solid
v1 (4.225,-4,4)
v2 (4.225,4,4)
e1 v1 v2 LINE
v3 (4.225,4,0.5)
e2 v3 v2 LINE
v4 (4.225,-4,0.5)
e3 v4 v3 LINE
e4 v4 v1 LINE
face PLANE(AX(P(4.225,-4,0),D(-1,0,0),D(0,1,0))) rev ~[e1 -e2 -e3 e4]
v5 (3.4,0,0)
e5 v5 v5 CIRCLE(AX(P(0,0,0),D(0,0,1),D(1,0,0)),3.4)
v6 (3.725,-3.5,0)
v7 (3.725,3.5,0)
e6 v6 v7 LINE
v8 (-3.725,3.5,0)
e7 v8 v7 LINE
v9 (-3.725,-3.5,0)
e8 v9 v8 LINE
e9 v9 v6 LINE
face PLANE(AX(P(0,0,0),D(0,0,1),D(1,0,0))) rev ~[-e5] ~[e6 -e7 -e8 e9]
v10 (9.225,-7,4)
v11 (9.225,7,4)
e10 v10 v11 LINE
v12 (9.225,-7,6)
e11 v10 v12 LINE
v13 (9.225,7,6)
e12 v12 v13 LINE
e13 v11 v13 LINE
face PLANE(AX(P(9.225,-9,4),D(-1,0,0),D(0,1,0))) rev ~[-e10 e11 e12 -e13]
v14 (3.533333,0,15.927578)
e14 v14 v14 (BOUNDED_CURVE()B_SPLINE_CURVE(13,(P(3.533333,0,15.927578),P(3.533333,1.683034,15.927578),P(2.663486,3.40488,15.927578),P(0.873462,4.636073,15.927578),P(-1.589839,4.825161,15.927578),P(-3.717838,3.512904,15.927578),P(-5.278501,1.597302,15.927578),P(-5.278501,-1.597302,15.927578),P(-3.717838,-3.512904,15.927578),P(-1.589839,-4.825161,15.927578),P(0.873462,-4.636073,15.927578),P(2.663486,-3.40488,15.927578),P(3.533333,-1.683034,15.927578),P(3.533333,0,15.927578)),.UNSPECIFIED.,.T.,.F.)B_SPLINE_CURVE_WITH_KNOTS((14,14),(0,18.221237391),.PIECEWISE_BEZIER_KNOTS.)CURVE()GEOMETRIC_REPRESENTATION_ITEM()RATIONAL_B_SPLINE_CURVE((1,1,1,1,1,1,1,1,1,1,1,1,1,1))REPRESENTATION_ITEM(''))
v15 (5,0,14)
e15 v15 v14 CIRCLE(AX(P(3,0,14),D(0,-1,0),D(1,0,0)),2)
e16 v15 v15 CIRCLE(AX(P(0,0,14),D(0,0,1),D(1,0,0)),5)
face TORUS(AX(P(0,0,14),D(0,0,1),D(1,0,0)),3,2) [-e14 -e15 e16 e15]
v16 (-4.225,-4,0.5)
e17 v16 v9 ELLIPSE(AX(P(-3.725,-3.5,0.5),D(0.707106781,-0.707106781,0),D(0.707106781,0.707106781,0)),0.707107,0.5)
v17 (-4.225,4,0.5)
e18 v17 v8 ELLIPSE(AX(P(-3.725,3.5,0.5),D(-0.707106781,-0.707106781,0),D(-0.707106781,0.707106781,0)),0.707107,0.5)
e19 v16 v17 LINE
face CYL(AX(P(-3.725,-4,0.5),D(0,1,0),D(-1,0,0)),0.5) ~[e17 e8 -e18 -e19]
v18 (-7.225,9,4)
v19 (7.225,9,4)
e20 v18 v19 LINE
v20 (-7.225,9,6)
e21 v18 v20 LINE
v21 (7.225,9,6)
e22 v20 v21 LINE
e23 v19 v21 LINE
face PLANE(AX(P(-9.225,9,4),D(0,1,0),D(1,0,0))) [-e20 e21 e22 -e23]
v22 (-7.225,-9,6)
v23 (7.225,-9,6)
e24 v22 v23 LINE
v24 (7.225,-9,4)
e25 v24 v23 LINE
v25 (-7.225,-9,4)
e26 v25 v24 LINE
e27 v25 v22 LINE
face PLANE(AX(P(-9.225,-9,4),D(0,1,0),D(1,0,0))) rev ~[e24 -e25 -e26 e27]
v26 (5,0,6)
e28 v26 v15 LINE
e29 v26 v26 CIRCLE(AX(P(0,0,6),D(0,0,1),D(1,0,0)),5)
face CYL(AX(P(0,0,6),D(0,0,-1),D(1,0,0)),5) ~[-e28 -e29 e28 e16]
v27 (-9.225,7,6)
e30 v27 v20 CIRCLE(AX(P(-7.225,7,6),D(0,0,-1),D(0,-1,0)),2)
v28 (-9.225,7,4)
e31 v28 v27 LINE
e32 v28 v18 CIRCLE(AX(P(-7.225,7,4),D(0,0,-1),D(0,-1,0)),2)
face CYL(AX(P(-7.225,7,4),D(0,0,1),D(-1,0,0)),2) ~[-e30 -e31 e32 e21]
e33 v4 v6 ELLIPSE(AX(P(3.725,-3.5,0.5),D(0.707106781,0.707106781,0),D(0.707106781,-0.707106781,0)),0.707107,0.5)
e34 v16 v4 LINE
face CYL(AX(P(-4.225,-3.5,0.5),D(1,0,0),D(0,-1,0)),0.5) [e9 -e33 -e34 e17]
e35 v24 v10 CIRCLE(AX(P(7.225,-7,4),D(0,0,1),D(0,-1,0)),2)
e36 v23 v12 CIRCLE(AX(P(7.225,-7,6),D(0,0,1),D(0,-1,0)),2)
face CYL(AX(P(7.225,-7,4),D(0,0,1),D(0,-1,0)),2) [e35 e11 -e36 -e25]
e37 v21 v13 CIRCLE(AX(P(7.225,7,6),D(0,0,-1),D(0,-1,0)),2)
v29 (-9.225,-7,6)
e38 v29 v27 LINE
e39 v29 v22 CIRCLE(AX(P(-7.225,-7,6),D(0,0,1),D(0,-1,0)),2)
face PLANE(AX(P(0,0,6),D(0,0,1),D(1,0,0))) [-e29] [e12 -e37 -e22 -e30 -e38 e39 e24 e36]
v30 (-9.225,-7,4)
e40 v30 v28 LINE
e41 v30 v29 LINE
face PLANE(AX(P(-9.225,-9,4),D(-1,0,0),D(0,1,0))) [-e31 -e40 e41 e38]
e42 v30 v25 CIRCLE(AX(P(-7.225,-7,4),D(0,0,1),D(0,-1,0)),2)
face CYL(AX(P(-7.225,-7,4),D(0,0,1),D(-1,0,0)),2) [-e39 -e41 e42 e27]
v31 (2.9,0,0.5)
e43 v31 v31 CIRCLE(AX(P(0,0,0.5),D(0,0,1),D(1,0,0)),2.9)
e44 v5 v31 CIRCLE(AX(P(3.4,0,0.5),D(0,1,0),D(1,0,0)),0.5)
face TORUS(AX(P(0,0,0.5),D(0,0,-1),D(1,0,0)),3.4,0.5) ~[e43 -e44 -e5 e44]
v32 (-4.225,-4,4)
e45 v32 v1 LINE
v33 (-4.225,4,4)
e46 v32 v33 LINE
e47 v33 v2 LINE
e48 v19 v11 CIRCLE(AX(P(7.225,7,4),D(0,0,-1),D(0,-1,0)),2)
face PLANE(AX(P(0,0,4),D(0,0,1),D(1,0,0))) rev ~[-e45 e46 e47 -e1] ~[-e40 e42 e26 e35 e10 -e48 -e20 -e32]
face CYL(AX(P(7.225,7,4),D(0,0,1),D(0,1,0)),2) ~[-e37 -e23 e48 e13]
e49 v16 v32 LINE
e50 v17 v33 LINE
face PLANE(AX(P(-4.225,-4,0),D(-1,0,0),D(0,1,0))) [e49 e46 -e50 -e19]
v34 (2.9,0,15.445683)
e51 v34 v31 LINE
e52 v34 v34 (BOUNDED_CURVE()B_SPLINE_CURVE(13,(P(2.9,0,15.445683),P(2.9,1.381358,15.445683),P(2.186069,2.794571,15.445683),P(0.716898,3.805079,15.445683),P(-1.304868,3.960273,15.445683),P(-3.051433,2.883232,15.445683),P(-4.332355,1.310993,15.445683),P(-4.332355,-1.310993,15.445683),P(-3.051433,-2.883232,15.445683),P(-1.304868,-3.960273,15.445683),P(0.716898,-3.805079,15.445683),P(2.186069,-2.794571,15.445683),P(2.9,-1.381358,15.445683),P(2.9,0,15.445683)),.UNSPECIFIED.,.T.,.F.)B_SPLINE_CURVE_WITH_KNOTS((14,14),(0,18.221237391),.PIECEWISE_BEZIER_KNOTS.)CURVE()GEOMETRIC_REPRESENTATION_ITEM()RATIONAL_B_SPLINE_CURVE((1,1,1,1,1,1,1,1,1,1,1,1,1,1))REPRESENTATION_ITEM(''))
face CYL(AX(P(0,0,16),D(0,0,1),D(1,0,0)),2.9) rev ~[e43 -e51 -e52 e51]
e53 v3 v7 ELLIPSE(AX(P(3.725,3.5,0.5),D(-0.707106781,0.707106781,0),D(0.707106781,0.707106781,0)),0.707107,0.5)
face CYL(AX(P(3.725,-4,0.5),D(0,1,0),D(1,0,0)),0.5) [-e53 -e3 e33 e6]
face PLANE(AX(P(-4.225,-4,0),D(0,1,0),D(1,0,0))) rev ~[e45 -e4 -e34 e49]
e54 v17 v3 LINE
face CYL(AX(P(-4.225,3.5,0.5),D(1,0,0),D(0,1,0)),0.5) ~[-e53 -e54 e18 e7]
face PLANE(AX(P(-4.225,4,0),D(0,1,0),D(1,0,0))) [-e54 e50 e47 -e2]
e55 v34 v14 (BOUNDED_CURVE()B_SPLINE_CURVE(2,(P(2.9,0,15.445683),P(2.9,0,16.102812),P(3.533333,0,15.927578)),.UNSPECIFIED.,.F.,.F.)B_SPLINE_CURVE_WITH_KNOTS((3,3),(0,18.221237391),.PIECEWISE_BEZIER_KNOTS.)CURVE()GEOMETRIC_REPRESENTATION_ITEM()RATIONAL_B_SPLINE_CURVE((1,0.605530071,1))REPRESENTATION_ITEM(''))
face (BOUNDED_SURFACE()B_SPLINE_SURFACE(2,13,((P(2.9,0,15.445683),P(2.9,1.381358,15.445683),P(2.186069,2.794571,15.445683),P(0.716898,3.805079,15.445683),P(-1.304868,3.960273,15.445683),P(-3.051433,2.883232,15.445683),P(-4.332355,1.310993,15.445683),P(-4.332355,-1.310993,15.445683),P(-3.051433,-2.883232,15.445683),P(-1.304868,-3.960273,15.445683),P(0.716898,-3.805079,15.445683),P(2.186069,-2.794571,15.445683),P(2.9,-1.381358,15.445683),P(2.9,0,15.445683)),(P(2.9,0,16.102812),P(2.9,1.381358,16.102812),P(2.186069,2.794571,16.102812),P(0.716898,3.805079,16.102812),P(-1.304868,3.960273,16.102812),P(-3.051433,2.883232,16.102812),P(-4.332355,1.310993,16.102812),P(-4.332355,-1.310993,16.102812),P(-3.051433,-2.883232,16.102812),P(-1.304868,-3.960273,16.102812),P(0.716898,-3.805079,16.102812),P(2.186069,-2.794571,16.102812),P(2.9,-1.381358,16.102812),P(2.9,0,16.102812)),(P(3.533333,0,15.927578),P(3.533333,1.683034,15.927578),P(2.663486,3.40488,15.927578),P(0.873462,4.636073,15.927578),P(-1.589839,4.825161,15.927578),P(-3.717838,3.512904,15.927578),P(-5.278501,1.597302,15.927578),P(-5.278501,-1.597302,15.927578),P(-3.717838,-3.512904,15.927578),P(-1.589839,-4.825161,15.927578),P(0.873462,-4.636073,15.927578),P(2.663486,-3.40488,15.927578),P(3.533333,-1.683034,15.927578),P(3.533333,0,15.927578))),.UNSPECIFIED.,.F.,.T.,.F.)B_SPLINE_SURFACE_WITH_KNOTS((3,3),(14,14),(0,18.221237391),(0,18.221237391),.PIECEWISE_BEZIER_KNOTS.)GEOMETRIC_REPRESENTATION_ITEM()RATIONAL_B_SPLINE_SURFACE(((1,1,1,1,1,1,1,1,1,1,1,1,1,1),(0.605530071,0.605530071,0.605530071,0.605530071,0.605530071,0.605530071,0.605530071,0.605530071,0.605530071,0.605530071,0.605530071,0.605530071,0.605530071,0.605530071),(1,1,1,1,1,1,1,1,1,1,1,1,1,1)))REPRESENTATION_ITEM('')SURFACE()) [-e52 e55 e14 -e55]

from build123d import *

# Parameters (mm, degrees)
F0_W     = 8.45
F0_H     = 8
F1_DEPTH = 4
F2_W     = 18.45
F2_H     = 18
F3_DEPTH = 2
F4_R     = 5
F5_DEPTH = 10
F6_R     = 2.9
F7_DEPTH = 16.001
F8_R     = 2
F9_R     = 0.5


with BuildPart() as f1:
    # F0 (on Top) → F1 (new body)
    with BuildSketch(Plane.XY):
        Rectangle(F0_W, F0_H)
    extrude(amount=F1_DEPTH)

    # F2 (on face) → F3 (join)
    with BuildSketch(Plane.XY.offset(4)):
        Rectangle(F2_W, F2_H)
    extrude(amount=F3_DEPTH)

    # F4 (on face) → F5 (join)
    with BuildSketch(Plane.XY.offset(6)):
        Circle(F4_R)
    extrude(amount=F5_DEPTH)

    # F6 (on face) → F7 (cut, through all)
    with BuildSketch(Plane.XY.offset(16)):
        Circle(F6_R)
    extrude(amount=-F7_DEPTH, mode=Mode.SUBTRACT)

    # F8
    f8_edges = [f1.edges().sort_by_distance(p)[0] for p in [
        (-9.225, 9, 5),
        (9.225, 9, 5),
        (9.225, -9, 5),
        (-9.225, -9, 5),
        (-5, 0, 16),
    ]]
    fillet(f8_edges, radius=F8_R)

    # F9
    f9_edges = [f1.edges().sort_by_distance(p)[0] for p in [
        (-2.9, 0, 16),
        (-2.9, 0, 0),
        (-4.225, 0, 0),
        (0, 4, 0),
        (0, -4, 0),
        (4.225, 0, 0),
    ]]
    fillet(f9_edges, radius=F9_R)


solid = f1.part
